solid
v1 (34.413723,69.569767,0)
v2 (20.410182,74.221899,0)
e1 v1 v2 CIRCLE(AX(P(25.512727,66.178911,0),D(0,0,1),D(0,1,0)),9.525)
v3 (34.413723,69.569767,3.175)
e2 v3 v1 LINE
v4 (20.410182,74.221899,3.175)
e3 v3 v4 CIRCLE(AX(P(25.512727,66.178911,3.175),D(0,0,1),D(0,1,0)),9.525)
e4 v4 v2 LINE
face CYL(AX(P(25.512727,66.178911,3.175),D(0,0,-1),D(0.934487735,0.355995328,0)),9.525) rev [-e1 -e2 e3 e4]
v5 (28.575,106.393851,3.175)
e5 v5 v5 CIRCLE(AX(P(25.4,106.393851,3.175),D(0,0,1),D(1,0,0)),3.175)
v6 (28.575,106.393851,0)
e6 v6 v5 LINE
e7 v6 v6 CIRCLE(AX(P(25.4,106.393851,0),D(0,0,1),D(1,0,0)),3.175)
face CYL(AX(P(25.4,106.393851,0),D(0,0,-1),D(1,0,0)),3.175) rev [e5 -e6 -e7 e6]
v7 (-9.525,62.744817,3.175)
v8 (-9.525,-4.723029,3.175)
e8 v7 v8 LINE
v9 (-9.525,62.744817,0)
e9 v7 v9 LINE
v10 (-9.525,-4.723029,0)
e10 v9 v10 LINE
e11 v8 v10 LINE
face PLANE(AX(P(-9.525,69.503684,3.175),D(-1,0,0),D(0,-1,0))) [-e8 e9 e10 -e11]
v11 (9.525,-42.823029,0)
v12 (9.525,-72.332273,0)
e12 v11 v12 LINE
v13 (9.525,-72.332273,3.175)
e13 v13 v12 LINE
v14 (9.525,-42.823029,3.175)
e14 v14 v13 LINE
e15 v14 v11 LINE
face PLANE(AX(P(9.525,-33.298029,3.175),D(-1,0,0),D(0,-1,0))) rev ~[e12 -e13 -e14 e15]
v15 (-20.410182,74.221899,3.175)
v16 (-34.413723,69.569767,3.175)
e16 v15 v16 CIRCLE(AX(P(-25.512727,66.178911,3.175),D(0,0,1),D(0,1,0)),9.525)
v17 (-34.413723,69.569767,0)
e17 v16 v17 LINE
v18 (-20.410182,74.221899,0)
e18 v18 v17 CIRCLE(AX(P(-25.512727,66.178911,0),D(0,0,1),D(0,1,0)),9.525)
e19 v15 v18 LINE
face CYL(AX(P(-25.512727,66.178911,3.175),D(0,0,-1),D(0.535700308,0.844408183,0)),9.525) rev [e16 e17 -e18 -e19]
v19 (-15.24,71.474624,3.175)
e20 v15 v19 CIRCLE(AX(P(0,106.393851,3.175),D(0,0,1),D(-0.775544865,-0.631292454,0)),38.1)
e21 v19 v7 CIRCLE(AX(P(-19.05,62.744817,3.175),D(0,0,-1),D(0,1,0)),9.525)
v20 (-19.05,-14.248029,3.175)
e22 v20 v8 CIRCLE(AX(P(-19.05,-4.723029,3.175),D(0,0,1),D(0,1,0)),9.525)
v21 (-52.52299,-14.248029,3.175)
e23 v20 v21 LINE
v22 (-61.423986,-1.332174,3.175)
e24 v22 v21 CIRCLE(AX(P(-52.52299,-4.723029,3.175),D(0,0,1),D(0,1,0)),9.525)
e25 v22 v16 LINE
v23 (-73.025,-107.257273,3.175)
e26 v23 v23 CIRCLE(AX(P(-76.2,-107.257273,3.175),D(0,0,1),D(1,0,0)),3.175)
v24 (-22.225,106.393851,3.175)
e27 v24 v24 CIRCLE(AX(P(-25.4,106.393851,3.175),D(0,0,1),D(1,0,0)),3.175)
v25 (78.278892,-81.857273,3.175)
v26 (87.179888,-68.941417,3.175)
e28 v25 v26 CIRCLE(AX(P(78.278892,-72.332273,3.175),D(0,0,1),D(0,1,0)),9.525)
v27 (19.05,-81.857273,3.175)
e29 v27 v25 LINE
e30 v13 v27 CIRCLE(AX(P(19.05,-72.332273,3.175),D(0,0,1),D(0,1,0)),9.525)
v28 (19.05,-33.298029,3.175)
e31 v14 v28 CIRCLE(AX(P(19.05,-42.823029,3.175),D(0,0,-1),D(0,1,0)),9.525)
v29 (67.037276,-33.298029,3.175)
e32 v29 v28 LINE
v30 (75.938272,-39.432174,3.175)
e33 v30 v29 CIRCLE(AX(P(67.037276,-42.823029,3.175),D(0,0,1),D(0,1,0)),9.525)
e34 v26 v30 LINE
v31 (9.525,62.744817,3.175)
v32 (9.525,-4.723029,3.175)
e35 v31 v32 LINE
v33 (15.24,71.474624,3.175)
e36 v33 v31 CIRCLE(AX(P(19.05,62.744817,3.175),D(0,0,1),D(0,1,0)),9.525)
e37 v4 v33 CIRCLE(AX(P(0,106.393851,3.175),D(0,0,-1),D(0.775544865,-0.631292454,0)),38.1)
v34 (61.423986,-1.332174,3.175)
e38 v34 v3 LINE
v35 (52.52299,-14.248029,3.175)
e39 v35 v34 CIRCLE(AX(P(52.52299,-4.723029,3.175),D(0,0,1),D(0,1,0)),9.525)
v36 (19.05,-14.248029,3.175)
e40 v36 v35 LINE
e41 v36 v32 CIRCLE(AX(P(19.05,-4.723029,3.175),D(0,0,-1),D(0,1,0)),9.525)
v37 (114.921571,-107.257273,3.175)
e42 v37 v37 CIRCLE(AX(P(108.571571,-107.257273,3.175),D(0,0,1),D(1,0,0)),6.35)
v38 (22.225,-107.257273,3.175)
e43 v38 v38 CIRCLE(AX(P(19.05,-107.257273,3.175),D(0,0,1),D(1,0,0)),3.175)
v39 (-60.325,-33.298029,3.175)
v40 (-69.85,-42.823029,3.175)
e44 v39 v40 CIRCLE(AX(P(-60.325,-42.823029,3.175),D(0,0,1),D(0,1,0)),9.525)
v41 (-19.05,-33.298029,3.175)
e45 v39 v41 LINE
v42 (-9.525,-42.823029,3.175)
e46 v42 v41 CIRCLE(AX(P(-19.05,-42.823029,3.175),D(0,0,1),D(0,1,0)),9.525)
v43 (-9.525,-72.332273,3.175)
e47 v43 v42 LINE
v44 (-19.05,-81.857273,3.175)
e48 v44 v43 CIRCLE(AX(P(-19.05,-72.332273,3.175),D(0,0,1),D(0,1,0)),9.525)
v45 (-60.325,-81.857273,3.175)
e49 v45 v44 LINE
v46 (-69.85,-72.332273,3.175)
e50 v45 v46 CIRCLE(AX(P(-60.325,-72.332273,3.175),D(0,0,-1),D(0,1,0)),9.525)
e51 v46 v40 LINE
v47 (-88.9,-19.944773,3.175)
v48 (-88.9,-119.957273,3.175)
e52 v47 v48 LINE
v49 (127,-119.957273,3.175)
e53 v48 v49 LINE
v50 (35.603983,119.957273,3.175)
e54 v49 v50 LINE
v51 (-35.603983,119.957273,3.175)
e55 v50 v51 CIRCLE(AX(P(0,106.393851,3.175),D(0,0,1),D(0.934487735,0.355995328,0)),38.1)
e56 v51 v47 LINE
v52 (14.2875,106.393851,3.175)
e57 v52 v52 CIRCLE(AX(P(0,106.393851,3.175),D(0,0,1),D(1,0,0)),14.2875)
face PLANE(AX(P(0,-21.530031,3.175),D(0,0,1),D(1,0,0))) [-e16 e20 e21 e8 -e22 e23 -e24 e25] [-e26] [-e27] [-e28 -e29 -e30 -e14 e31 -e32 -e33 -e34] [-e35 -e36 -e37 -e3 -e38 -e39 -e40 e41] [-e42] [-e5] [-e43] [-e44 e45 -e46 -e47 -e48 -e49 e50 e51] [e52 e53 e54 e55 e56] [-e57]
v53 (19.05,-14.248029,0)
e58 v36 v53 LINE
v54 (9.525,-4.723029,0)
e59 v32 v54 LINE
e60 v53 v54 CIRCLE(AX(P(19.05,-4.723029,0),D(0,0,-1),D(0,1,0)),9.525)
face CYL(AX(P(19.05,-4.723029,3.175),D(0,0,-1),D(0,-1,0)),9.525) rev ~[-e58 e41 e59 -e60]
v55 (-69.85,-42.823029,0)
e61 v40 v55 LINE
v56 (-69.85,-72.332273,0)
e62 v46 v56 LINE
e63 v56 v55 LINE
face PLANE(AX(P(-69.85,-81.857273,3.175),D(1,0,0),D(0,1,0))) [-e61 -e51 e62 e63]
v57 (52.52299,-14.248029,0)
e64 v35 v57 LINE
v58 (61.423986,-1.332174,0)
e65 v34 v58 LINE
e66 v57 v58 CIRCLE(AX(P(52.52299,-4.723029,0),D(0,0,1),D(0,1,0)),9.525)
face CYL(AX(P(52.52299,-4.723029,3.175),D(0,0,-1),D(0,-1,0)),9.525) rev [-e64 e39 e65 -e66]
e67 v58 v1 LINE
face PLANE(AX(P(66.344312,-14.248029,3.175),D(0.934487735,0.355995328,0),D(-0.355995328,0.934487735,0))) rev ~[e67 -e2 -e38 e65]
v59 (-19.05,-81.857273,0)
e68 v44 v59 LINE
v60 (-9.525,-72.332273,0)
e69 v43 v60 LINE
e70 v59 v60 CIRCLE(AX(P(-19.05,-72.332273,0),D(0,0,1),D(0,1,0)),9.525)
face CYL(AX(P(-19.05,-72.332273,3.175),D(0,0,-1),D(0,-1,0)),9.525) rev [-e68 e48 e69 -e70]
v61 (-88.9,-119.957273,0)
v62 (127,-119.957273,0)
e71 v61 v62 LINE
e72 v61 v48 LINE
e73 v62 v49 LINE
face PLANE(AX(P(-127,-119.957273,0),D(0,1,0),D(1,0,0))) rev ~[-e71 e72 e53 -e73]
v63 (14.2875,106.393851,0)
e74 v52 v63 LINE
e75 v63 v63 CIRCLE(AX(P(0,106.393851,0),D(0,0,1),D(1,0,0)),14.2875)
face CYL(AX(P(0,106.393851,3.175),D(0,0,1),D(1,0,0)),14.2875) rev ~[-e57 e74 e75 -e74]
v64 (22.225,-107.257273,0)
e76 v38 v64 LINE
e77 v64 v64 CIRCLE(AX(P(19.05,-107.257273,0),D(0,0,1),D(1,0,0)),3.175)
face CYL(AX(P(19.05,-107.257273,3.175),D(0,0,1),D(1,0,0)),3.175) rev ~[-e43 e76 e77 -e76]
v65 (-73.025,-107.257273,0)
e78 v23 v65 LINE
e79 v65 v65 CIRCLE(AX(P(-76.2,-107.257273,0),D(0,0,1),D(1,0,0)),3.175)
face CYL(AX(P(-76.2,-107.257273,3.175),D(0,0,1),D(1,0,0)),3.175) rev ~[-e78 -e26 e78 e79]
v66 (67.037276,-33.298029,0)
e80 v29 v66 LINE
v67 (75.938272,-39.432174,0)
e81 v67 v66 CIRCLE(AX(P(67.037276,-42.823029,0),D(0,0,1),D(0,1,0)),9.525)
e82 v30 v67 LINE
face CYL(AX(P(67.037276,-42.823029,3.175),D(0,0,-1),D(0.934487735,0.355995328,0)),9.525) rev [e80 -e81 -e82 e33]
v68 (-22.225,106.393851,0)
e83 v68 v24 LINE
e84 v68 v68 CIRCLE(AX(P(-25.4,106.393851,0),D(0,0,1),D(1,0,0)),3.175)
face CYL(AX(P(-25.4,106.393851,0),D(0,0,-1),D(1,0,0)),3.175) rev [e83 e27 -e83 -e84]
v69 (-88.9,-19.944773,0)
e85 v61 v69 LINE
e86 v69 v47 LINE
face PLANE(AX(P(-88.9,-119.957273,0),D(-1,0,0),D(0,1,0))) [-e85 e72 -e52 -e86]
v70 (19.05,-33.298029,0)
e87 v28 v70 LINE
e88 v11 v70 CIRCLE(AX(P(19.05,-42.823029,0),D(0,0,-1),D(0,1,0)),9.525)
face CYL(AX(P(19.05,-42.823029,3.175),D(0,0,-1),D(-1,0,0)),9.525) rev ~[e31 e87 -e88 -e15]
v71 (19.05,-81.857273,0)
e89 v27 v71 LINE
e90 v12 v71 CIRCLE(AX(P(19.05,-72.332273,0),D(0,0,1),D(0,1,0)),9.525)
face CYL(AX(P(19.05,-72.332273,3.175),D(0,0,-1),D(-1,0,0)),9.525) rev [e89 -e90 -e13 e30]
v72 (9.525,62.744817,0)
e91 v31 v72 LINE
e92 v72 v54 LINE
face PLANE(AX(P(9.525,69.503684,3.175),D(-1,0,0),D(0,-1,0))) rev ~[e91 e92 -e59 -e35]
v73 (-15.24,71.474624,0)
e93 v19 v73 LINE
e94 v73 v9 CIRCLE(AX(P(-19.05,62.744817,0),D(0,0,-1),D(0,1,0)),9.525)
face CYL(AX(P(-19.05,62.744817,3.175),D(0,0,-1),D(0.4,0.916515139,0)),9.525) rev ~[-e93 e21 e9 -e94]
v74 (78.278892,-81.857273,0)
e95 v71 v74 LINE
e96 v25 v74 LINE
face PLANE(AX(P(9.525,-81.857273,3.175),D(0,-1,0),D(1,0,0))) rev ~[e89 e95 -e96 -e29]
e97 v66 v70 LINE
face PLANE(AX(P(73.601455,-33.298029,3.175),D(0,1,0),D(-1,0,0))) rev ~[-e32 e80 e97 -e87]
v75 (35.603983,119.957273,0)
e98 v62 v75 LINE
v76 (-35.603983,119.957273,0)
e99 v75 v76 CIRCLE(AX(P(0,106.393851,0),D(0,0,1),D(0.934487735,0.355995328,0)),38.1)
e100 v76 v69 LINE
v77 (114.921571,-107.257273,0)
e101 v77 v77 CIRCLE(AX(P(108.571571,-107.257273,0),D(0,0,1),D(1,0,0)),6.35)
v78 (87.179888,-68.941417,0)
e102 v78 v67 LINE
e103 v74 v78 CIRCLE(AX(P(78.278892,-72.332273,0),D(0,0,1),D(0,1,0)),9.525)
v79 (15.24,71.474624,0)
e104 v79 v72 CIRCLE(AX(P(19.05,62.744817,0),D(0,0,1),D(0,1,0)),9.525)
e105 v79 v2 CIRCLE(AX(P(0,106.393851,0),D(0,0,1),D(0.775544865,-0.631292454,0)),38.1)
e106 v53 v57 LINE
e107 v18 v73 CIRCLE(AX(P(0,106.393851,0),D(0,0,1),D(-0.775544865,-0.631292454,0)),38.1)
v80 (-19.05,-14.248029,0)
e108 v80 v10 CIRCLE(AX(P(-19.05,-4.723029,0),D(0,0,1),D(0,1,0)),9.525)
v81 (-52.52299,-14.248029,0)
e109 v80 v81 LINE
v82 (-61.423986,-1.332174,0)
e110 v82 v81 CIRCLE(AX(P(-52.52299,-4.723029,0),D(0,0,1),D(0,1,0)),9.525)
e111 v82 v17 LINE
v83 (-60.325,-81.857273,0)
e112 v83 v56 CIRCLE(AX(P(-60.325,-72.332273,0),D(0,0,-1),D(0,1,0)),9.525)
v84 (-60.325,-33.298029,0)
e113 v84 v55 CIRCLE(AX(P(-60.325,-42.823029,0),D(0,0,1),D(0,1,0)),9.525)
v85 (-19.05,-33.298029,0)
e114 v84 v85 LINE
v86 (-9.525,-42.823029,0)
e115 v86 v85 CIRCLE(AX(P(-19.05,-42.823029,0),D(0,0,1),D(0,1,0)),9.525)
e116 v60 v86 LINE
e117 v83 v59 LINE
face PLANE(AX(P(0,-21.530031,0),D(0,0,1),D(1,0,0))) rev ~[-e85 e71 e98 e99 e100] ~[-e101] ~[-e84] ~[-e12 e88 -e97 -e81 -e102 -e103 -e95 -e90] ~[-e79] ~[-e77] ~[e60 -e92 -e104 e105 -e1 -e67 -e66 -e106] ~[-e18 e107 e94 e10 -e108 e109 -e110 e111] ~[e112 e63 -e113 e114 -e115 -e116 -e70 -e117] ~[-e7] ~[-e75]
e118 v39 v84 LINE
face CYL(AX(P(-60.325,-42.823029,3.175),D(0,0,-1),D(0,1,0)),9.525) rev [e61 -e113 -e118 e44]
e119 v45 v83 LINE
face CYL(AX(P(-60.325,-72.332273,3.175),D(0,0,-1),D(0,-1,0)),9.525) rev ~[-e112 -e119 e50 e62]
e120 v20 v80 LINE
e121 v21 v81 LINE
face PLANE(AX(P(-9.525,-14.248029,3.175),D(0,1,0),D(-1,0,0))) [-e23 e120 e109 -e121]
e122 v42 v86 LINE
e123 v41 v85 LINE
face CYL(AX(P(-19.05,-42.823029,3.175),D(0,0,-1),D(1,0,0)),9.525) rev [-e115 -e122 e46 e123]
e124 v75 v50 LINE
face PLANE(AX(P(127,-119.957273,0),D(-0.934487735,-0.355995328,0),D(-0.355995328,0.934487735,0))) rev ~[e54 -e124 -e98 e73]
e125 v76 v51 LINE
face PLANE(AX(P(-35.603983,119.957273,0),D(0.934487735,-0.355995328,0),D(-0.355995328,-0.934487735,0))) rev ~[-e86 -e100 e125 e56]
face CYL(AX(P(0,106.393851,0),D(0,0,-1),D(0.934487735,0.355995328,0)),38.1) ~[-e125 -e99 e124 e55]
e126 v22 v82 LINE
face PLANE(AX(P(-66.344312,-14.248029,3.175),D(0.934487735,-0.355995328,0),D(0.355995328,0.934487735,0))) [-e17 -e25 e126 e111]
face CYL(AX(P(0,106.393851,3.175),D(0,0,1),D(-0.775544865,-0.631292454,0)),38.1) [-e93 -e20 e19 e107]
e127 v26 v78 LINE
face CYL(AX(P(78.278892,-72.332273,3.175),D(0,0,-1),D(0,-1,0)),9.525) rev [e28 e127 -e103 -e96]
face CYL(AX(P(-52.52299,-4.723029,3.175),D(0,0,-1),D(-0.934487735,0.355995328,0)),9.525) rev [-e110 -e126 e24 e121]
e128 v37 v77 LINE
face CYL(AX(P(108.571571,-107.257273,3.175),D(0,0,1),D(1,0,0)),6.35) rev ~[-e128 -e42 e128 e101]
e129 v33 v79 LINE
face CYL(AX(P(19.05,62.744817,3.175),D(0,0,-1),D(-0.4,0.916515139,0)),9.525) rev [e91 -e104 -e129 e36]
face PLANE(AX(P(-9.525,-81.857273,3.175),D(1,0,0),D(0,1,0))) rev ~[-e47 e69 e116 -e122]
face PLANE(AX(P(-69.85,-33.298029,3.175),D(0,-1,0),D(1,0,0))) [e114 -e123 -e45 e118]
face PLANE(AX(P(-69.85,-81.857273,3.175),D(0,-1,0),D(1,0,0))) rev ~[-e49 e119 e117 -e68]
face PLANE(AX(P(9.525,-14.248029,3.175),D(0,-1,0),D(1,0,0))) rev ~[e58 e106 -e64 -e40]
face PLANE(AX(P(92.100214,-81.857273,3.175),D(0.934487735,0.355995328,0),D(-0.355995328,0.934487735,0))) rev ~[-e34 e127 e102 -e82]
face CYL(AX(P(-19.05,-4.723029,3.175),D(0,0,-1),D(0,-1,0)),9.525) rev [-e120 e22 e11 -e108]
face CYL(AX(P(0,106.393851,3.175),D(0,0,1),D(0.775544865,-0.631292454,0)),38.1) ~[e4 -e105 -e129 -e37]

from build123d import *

# Parameters (mm, degrees)
SKETCH1_R           = 3.175
BOSS_EXTRUDE1_DEPTH = 3.175
SKETCH2_R           = 14.2875
CUT_EXTRUDE1_DEPTH  = 4.175
SKETCH4_R           = 6.35
SKETCH4_R_2         = 3.175
CUT_EXTRUDE2_DEPTH  = 4.175
SKETCH8_W           = 38.1
SKETCH8_H           = 100.0125
CUT_EXTRUDE3_DEPTH  = 4.175
SKETCH10_W          = 60.325
SKETCH10_H          = 48.559243464
CUT_EXTRUDE5_DEPTH  = 4.175
FILLET2_R           = 9.525


with BuildPart() as part:
    # Sketch1 → Boss-Extrude1 (new body)
    with BuildSketch(Plane.XY):
        with BuildLine():
            Line((-35.603982701, 119.957272705), (-127, -119.957272705))
            Line((-127, -119.957272705), (127, -119.957272705))
            Line((127, -119.957272705), (35.603982701, 119.957272705))
            ThreePointArc((35.603982701, 119.957272705), (0, 144.493850724), (-35.603982701, 119.957272705))
        make_face()
        with Locations((-25.4, 106.393850724)):
            Circle(SKETCH1_R, mode=Mode.SUBTRACT)
        with Locations((25.4, 106.393850724)):
            Circle(SKETCH1_R, mode=Mode.SUBTRACT)
    extrude(amount=BOSS_EXTRUDE1_DEPTH)

    # Sketch2 → Cut-Extrude1 (cut, through all)
    with BuildSketch(Plane.XY.offset(3.175)):
        with Locations((0, 106.393850724)):
            Circle(SKETCH2_R)
    extrude(amount=-CUT_EXTRUDE1_DEPTH, mode=Mode.SUBTRACT)

    # Sketch4 → Cut-Extrude2 (cut, through all)
    with BuildSketch(Plane.XY.offset(3.175)):
        with Locations((108.571571229, -107.257272705)):
            Circle(SKETCH4_R)
        with Locations((-76.2, -107.257272705)):
            Circle(SKETCH4_R_2)
        with Locations((19.05, -107.257272705)):
            Circle(SKETCH4_R_2)
    extrude(amount=-CUT_EXTRUDE2_DEPTH, mode=Mode.SUBTRACT)

    # Sketch8 → Cut-Extrude3 (cut, through all)
    with BuildSketch(Plane(origin=(0, 0, 0), x_dir=(-1, 0, 0), z_dir=(0, 0, -1))):
        with Locations((107.95, -69.951022705)):
            Rectangle(SKETCH8_W, SKETCH8_H)
    extrude(amount=-CUT_EXTRUDE3_DEPTH, mode=Mode.SUBTRACT)

    # Sketch10 → Cut-Extrude5 (cut, through all)
    with BuildSketch(Plane.XY.offset(3.175)):
        with BuildLine():
            Line((-9.525, 69.503684351), (-9.525, -14.248029241))
            Line((-9.525, -14.248029241), (-66.344311715, -14.248029241))
            Line((-66.344311715, -14.248029241), (-29.548259348, 82.34160822))
            ThreePointArc((-29.548259348, 82.34160822), (-20.56411854, 74.320075944), (-9.525, 69.503684351))
        make_face()
        with Locations((-39.6875, -57.577650973)):
            Rectangle(SKETCH10_W, SKETCH10_H)
        Polygon((9.525, -33.298029241), (9.525, -81.857272705), (92.100213987, -81.857272705), (73.601454572, -33.298029241), align=None)
        with BuildLine():
            Line((9.525, -14.248029241), (66.344311715, -14.248029241))
            Line((66.344311715, -14.248029241), (29.548259348, 82.34160822))
            ThreePointArc((29.548259348, 82.34160822), (20.56411854, 74.320075944), (9.525, 69.503684351))
            Line((9.525, 69.503684351), (9.525, -14.248029241))
        make_face()
    extrude(amount=-CUT_EXTRUDE5_DEPTH, mode=Mode.SUBTRACT)

    # Fillet2
    fillet2_edges = [part.edges().sort_by_distance(p)[0] for p in [
        (-29.548259348, 82.34160822, 1.5875),
        (-9.525, 69.503684351, 1.5875),
        (-9.525, -14.248029241, 1.5875),
        (-66.344311715, -14.248029241, 1.5875),
        (-69.85, -33.298029241, 1.5875),
        (-9.525, -33.298029241, 1.5875),
        (-9.525, -81.857272705, 1.5875),
        (-69.85, -81.857272705, 1.5875),
        (9.525, -33.298029241, 1.5875),
        (73.601454572, -33.298029241, 1.5875),
        (92.100213987, -81.857272705, 1.5875),
        (9.525, -81.857272705, 1.5875),
        (9.525, -14.248029241, 1.5875),
        (9.525, 69.503684351, 1.5875),
        (29.548259348, 82.34160822, 1.5875),
        (66.344311715, -14.248029241, 1.5875),
    ]]
    fillet(fillet2_edges, radius=FILLET2_R)


solid = part.part
